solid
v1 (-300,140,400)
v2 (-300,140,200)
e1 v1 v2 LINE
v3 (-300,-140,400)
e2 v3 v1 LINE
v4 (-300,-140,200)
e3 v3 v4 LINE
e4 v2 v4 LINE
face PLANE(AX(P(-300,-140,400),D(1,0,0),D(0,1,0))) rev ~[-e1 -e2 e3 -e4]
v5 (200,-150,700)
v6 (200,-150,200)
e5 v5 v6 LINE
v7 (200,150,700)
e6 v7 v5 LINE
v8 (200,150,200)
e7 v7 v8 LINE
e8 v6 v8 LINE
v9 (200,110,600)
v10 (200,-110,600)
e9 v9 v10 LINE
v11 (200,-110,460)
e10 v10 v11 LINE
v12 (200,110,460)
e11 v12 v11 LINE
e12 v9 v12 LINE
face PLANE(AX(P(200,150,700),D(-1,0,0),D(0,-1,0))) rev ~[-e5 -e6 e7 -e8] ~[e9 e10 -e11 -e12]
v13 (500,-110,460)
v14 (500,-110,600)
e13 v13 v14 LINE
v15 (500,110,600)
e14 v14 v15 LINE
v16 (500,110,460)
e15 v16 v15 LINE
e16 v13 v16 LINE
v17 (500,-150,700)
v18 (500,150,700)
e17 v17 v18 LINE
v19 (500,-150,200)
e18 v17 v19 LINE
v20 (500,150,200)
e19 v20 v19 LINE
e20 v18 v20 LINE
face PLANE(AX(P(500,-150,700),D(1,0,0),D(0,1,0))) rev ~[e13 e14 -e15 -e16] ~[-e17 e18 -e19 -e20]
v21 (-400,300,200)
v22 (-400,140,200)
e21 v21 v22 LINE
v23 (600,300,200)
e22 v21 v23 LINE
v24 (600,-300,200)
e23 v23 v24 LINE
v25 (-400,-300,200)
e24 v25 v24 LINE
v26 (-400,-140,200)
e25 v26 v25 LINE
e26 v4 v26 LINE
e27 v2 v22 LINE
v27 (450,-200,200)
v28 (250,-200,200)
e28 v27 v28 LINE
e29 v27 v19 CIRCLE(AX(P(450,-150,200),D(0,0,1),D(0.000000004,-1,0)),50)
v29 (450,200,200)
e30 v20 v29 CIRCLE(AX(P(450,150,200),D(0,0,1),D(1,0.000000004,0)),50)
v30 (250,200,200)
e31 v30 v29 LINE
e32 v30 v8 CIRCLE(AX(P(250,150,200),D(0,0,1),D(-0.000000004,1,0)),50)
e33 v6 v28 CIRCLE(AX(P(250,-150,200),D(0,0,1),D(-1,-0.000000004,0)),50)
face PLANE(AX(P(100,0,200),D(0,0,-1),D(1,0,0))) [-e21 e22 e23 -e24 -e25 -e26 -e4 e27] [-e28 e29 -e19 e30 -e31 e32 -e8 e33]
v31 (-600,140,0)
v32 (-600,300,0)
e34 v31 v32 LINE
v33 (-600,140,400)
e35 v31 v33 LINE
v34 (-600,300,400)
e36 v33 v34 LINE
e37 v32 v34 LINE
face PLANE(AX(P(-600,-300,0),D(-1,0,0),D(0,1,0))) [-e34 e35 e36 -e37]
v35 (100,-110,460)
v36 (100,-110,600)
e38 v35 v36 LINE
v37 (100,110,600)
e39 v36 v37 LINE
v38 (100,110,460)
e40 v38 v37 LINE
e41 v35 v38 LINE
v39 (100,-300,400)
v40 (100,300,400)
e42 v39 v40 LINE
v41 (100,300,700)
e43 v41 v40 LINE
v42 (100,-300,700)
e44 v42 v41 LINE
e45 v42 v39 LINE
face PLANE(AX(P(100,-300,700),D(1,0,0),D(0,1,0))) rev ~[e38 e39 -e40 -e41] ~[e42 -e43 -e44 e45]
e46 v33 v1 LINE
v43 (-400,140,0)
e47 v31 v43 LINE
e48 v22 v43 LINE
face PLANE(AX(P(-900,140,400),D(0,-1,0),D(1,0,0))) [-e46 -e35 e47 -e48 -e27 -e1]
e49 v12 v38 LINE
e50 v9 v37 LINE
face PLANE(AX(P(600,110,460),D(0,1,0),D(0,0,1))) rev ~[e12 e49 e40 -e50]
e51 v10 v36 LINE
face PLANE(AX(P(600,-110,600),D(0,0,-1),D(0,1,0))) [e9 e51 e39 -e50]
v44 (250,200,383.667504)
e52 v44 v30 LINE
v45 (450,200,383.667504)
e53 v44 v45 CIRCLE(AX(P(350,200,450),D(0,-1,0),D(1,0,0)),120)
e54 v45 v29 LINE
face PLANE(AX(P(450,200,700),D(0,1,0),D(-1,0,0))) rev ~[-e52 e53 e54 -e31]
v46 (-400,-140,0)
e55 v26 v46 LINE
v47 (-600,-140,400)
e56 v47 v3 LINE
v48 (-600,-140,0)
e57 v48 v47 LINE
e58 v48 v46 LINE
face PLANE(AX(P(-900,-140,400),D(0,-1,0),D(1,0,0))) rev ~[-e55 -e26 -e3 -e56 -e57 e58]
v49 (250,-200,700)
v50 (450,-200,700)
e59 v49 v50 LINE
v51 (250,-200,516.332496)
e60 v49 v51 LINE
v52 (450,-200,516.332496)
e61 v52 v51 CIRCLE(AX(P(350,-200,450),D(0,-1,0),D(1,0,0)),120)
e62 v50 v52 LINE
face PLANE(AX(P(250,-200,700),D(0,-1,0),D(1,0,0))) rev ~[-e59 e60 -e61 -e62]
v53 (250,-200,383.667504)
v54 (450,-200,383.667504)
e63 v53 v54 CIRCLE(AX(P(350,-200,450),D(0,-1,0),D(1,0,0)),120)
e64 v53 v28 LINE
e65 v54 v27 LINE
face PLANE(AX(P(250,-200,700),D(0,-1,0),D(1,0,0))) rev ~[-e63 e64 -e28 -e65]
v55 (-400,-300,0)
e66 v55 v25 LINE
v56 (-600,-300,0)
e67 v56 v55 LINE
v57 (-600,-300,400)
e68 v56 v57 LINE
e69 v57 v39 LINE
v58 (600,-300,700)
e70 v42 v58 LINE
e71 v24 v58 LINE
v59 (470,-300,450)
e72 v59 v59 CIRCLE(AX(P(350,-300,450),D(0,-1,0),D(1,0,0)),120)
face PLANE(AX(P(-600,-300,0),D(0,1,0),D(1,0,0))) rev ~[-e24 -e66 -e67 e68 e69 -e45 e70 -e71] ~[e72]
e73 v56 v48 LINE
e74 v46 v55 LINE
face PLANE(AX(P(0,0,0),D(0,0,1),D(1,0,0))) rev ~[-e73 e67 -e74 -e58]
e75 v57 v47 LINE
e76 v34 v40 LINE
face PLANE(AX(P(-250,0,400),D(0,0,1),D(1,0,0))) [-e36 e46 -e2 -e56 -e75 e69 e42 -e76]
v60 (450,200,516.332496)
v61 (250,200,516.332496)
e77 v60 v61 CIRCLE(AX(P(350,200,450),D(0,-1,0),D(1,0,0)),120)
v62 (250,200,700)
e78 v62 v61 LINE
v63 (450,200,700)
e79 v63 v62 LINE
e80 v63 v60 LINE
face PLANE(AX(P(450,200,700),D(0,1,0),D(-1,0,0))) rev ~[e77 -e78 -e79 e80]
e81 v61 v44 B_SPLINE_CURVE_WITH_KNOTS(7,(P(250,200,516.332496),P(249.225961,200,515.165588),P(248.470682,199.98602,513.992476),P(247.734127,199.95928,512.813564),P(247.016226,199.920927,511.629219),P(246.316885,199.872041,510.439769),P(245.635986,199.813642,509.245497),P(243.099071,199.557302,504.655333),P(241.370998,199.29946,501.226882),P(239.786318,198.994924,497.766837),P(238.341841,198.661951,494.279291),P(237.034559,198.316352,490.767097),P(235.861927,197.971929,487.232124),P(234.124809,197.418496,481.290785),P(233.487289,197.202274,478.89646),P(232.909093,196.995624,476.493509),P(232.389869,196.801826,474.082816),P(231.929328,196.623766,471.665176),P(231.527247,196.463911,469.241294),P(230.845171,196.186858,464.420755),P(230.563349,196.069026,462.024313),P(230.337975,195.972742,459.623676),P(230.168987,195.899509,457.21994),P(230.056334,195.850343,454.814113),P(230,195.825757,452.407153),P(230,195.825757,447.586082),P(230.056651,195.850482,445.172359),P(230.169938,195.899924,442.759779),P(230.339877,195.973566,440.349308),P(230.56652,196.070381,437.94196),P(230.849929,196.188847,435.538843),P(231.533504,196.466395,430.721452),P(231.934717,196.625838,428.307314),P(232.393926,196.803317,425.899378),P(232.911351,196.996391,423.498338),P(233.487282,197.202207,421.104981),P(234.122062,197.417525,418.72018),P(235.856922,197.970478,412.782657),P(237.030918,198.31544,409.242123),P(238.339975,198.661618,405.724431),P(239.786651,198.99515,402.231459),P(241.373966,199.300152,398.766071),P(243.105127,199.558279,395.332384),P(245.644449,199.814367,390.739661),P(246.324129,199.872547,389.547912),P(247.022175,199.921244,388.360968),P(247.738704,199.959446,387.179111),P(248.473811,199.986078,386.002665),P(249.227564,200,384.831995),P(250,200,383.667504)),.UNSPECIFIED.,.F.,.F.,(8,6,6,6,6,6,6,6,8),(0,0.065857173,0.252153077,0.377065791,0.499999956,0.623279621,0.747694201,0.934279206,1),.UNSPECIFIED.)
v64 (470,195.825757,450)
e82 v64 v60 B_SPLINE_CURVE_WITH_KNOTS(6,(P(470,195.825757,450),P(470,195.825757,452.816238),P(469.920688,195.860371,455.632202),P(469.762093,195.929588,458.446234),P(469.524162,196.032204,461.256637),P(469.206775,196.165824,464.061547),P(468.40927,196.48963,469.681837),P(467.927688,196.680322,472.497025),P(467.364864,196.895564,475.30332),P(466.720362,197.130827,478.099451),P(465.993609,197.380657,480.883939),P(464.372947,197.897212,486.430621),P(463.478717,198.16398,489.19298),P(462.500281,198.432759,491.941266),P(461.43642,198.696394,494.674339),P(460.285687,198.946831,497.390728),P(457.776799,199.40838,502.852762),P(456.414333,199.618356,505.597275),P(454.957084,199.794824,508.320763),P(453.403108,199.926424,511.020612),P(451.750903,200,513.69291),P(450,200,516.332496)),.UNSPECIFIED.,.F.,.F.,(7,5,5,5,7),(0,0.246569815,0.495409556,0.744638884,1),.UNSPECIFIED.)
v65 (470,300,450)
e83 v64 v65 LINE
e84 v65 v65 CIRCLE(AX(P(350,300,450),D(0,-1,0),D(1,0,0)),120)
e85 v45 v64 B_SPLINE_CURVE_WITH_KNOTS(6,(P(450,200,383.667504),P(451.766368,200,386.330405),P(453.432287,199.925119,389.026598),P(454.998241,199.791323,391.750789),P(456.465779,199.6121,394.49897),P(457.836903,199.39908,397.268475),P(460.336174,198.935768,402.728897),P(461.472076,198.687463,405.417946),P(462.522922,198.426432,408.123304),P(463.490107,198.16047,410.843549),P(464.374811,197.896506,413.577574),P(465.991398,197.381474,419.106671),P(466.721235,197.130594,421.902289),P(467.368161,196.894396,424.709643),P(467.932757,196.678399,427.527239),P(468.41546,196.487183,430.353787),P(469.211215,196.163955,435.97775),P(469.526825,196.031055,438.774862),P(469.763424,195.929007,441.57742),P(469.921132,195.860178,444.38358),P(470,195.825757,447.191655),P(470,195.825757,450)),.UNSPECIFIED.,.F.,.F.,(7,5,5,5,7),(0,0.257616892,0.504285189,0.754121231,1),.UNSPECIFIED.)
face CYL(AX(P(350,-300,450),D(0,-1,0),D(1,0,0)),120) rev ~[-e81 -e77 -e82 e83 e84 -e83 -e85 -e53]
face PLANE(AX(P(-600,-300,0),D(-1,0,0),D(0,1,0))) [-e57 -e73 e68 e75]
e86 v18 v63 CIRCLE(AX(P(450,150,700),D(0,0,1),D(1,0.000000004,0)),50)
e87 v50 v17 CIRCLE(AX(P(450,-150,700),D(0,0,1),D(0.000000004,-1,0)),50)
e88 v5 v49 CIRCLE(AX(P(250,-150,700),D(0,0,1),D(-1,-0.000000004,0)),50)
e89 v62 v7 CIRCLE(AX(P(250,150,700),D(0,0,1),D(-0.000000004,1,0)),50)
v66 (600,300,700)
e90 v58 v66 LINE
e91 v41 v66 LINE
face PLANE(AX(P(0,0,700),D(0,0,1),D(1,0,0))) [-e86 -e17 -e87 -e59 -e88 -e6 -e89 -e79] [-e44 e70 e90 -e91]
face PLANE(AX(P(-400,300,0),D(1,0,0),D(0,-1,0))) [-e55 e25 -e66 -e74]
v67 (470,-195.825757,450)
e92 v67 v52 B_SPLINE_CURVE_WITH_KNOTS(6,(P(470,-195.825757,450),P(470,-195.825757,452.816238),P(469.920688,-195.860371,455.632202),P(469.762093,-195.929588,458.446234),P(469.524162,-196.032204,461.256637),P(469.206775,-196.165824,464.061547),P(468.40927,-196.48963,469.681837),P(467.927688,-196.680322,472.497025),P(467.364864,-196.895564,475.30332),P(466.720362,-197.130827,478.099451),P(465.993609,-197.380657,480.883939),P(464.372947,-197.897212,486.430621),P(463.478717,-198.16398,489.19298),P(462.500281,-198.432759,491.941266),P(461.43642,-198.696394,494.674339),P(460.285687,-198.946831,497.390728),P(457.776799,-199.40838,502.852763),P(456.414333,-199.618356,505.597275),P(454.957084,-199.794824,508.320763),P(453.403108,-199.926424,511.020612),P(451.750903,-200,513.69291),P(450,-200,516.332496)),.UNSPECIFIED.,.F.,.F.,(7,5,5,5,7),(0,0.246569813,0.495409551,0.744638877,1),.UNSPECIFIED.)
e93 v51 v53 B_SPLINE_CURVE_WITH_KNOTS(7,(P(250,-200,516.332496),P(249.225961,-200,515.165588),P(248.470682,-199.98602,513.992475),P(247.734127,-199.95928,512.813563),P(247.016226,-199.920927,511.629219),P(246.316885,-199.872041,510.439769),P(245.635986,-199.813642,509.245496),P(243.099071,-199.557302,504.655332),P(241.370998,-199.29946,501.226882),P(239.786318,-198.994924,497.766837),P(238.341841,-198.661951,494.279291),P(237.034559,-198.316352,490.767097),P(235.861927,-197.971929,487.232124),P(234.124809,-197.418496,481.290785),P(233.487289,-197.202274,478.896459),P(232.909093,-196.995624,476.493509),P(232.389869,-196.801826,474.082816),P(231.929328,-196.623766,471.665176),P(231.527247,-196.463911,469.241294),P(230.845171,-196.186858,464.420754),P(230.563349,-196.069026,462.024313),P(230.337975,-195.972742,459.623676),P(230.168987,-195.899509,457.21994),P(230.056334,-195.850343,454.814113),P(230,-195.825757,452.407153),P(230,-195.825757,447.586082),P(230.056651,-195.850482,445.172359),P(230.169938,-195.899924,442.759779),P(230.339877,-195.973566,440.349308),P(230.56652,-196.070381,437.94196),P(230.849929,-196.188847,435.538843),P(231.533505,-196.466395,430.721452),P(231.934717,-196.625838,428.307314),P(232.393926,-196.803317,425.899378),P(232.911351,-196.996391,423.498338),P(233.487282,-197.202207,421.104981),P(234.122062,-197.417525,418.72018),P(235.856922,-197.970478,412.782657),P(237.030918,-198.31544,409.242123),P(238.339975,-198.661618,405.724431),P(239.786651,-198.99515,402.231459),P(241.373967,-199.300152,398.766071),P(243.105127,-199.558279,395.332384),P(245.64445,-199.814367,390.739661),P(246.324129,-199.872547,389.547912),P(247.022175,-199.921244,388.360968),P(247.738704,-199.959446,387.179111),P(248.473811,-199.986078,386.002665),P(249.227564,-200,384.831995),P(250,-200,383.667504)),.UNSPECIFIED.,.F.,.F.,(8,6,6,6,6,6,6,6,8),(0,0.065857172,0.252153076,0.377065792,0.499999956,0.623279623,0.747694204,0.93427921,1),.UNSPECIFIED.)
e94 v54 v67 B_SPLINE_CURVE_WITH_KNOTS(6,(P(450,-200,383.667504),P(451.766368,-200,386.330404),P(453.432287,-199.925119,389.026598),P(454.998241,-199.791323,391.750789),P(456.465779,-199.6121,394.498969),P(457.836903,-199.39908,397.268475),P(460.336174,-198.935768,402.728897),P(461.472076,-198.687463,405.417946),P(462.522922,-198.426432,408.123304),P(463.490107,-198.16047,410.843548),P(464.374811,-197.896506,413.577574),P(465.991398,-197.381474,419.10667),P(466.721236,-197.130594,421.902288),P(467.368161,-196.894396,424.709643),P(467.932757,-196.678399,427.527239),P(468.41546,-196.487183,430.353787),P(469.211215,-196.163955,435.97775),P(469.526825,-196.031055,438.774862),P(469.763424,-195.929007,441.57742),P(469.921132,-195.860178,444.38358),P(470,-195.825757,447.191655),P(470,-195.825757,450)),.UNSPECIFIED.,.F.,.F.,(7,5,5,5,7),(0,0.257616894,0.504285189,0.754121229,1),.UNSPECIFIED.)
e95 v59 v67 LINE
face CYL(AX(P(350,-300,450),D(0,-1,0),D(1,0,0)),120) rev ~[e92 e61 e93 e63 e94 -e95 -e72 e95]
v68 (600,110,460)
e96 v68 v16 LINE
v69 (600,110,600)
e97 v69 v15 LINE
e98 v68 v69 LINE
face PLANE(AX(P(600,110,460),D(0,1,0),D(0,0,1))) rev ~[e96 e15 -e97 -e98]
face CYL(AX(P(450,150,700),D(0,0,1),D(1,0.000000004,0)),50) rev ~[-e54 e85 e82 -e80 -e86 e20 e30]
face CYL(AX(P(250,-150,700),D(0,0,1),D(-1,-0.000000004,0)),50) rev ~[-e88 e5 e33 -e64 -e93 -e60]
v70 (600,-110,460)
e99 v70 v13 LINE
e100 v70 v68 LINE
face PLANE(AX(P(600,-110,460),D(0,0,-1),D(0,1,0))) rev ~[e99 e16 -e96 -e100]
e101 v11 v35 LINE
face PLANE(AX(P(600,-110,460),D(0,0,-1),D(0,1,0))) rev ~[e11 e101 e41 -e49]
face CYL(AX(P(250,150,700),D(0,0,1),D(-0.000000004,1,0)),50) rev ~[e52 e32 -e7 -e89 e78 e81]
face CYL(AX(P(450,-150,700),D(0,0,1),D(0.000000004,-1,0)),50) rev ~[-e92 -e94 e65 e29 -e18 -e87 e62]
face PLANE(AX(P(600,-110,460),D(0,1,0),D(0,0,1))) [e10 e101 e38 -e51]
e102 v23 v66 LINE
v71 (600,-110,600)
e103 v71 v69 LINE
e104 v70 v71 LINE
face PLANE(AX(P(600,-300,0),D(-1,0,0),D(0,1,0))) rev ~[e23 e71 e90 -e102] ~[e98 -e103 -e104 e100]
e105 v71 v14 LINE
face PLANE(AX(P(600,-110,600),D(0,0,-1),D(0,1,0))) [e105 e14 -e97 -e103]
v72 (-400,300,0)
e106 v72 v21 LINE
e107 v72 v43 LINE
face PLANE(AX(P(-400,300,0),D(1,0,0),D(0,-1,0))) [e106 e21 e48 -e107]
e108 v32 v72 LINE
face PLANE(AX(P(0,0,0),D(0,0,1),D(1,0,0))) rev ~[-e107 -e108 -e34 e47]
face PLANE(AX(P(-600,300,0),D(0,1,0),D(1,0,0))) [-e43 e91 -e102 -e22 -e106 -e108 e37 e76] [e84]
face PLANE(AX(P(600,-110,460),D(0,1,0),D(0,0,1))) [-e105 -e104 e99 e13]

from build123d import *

# Parameters (mm, degrees)
F0_W      = 1200
F0_H      = 600
F1_DEPTH  = 700
F2_W      = 700
F2_H      = 600
F3_DEPTH  = 300
F4_W      = 1000
F4_H      = 600
F5_DEPTH  = 200
F6_W      = 600
F6_H      = 280
F7_DEPTH  = 400.001
F9_DEPTH  = 700.001
F10_W     = 220
F10_H     = 140
F11_DEPTH = 1200.001
F12_R     = 120
F13_DEPTH = 600.001


with BuildPart() as f1:
    # F0 (on Top) → F1 (new body)
    with BuildSketch(Plane.XY):
        Rectangle(F0_W, F0_H)
    extrude(amount=F1_DEPTH)

    # F2 (on face) → F3 (cut)
    with BuildSketch(Plane.XY.offset(700)):
        with Locations((-250, 0)):
            Rectangle(F2_W, F2_H)
    extrude(amount=-F3_DEPTH, mode=Mode.SUBTRACT)

    # F4 (on face) → F5 (cut)
    with BuildSketch(Plane(origin=(0, 0, 0), x_dir=(1, 0, 0), z_dir=(0, 0, -1))):
        with Locations((100, 0)):
            Rectangle(F4_W, F4_H)
    extrude(amount=-F5_DEPTH, mode=Mode.SUBTRACT)

    # F6 (on face) → F7 (cut, through all)
    with BuildSketch(Plane.XY.offset(400)):
        with Locations((-600, 0)):
            Rectangle(F6_W, F6_H)
    extrude(amount=-F7_DEPTH, mode=Mode.SUBTRACT)

    # F8 (on face) → F9 (cut, through all)
    with BuildSketch(Plane.XY.offset(700)):
        with BuildLine():
            ThreePointArc((500, 150), (485.355339, 185.355339), (450, 200))
            Line((450, 200), (250, 200))
            ThreePointArc((250, 200), (214.644661, 185.355339), (200, 150))
            Line((200, 150), (200, -150))
            ThreePointArc((200, -150), (214.644661, -185.355339), (250, -200))
            Line((250, -200), (450, -200))
            ThreePointArc((450, -200), (485.355339, -185.355339), (500, -150))
            Line((500, -150), (500, 150))
        make_face()
    extrude(amount=-F9_DEPTH, mode=Mode.SUBTRACT)

    # F10 (on face) → F11 (cut, through all)
    with BuildSketch(Plane.YZ.offset(600)):
        with Locations((0, 530)):
            Rectangle(F10_W, F10_H)
    extrude(amount=-F11_DEPTH, mode=Mode.SUBTRACT)

    # F12 (on face) → F13 (cut, through all)
    with BuildSketch(Plane.XZ.offset(300)):
        with Locations((350, 450)):
            Circle(F12_R)
    extrude(amount=-F13_DEPTH, mode=Mode.SUBTRACT)


solid = f1.part
